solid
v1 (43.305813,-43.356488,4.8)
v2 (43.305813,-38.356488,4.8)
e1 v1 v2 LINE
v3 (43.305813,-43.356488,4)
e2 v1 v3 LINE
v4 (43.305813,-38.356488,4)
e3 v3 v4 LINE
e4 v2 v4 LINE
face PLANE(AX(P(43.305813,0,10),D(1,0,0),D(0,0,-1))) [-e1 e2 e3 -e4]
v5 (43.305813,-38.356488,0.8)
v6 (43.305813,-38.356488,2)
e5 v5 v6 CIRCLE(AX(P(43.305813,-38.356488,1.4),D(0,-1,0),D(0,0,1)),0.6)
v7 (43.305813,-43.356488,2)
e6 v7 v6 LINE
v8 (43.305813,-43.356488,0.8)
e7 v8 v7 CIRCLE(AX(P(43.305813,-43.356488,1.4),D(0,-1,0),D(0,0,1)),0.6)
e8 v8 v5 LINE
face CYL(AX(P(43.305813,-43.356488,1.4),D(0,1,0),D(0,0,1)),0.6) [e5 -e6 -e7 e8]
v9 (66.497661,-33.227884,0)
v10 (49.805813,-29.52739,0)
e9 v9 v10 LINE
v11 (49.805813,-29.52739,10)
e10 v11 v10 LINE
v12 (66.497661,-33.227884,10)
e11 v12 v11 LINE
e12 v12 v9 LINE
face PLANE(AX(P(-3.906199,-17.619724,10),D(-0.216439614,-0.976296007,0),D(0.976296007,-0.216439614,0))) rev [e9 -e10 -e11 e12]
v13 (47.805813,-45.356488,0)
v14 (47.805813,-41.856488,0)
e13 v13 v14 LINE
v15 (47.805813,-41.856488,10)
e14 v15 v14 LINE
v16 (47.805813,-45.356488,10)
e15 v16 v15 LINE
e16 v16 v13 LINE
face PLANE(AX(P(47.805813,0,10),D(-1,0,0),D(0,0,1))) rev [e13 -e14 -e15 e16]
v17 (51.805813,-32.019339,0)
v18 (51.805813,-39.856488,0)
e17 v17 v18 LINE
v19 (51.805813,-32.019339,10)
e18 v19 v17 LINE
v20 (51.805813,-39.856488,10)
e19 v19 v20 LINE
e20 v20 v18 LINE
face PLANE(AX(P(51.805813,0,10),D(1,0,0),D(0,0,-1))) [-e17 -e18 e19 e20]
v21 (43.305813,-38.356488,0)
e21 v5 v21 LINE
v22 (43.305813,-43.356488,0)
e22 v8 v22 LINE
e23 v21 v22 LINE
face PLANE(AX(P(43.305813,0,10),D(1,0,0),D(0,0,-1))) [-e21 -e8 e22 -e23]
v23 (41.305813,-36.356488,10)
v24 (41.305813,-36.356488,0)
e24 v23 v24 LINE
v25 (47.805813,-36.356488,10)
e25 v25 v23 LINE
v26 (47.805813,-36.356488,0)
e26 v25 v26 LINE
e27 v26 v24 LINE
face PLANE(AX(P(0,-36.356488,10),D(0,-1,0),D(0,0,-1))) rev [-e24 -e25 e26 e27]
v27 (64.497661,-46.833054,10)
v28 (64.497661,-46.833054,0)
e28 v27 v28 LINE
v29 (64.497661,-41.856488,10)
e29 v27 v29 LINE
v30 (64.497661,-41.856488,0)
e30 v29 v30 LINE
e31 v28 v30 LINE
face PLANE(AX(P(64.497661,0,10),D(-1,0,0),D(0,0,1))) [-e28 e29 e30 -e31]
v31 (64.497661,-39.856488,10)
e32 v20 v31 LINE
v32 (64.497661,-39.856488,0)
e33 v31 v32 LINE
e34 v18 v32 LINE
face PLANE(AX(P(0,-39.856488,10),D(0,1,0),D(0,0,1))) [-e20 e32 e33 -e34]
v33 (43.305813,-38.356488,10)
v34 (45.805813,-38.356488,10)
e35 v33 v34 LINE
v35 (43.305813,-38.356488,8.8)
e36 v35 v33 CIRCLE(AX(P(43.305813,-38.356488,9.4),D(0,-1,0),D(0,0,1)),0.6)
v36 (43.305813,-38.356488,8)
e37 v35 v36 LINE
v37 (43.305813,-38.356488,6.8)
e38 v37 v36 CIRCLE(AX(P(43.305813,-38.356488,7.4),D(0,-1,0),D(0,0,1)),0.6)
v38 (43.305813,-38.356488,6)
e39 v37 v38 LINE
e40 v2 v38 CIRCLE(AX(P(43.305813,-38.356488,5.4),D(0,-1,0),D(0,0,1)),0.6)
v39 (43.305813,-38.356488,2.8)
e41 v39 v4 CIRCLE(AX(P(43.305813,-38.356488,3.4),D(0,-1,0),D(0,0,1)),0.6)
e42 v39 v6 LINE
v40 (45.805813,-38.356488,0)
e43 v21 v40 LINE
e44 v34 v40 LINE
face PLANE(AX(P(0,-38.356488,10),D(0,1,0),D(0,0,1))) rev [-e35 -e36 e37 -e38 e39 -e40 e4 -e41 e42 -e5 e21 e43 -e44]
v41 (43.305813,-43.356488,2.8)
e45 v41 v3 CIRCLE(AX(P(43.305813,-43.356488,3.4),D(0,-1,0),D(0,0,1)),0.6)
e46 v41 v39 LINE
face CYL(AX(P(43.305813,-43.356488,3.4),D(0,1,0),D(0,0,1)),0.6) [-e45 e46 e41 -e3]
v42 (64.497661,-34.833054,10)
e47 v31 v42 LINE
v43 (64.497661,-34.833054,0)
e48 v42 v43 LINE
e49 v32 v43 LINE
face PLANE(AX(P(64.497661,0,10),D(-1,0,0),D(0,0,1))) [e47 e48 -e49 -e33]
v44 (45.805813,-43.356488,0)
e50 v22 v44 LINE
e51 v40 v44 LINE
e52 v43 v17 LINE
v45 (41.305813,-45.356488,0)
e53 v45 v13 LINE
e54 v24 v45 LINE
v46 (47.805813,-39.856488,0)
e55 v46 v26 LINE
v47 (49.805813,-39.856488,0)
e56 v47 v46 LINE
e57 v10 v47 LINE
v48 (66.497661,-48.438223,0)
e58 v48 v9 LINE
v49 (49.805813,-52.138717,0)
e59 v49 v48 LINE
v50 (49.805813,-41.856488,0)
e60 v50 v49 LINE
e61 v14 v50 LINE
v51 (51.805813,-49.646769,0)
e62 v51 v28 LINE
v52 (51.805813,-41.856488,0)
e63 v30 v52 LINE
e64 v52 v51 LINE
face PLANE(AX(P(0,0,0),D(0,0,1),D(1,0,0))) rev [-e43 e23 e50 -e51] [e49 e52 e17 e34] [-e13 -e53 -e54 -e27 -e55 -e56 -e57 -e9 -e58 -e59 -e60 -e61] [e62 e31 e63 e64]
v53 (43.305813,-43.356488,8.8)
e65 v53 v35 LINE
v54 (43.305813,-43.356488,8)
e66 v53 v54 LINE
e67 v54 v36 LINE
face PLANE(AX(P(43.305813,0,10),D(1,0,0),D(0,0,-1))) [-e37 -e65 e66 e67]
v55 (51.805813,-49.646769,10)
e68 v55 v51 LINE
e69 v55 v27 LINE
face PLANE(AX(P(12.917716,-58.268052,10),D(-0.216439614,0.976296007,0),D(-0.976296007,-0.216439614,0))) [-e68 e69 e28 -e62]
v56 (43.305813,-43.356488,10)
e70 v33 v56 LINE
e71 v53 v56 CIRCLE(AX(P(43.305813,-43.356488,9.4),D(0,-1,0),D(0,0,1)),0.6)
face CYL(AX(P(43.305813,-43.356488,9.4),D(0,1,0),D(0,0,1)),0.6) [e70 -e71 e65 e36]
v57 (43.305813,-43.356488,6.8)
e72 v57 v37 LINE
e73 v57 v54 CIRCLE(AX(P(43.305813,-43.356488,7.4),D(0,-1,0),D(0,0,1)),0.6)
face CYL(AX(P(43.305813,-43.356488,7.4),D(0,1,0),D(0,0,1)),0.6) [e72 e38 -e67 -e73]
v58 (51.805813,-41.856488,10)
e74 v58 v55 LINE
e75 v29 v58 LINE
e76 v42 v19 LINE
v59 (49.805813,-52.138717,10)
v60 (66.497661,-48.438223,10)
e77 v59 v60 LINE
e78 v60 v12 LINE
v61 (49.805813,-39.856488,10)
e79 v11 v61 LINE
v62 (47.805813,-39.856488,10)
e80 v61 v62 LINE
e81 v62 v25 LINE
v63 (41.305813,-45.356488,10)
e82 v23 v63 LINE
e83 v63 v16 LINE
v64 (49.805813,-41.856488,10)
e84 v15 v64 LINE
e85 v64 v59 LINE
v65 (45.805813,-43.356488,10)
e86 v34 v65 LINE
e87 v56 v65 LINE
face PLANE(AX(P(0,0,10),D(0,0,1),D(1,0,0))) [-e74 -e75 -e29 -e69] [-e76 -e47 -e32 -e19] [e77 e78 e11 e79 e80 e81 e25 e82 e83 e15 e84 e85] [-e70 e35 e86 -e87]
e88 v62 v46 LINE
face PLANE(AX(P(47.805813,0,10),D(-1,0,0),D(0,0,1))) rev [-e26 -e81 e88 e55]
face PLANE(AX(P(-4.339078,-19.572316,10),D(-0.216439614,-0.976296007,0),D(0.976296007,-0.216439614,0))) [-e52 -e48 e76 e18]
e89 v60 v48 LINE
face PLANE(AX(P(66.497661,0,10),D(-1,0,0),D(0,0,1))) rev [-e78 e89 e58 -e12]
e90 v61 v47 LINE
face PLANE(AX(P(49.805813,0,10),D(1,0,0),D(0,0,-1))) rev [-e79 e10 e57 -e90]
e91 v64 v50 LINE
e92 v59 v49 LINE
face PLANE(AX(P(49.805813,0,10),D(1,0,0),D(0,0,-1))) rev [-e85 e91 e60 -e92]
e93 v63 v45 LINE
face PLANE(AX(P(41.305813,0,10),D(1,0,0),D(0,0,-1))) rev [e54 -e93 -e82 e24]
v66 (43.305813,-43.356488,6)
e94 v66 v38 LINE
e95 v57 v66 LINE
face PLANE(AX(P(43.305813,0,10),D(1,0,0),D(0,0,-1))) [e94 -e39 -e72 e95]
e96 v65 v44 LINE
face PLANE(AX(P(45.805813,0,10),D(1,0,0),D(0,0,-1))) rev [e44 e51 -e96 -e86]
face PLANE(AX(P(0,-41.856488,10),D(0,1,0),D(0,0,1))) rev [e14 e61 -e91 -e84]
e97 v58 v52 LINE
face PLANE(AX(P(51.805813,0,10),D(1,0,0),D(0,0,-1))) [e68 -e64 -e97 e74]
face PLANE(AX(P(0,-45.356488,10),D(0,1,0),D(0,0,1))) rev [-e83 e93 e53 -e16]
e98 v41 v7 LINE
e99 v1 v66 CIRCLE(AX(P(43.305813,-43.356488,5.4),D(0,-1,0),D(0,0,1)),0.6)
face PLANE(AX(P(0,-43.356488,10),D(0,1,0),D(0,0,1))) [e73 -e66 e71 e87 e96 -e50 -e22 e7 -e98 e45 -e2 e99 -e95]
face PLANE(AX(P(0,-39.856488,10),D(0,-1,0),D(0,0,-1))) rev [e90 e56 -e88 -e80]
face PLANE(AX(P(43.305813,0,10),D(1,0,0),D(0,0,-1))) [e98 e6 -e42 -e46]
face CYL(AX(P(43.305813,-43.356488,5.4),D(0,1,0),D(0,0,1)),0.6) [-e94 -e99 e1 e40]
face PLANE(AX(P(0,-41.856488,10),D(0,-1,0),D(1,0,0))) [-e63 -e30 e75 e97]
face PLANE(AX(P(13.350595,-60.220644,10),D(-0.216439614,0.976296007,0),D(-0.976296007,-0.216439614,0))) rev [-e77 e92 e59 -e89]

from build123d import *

# Parameters (mm, degrees)
SKETCH1_W           = 2.5
SKETCH1_H           = 5
SKETCH1_W_2         = 12.691848092
SKETCH1_H_2         = 2
BOSS_EXTRUDE1_DEPTH = 10
BOSS_EXTRUDE2_DEPTH = 5
LPATTERN1_COUNT     = 5
LPATTERN1_PITCH     = 2


with BuildPart() as part:
    # Sketch1 → Boss-Extrude1 (new body)
    # profile 1 of 3: a face of its own
    with BuildSketch(Plane.XY):
        Polygon((49.805812864, -41.856488388), (49.805812864, -39.856488388), (47.805812864, -39.856488388), (47.805812864, -36.356488388), (41.305812864, -36.356488388), (41.305812864, -45.356488388), (47.805812864, -45.356488388), (47.805812864, -41.856488388), align=None)
        with Locations((44.555812864, -40.856488388)):
            Rectangle(SKETCH1_W, SKETCH1_H, mode=Mode.SUBTRACT)
    # profile 2 of 3: a face of its own
    with BuildSketch(Plane.XY):
        Polygon((66.497660956, -33.227883866), (49.805812864, -29.527390234), (49.805812864, -39.856488388), (49.805812864, -41.856488388), (49.805812864, -52.138716904), (66.497660956, -48.438223273), align=None)
        Polygon((51.805812864, -41.856488388), (51.805812864, -39.856488388), (51.805812864, -32.019338588), (64.497660956, -34.833053569), (64.497660956, -39.856488388), (64.497660956, -41.856488388), (64.497660956, -46.833053569), (51.805812864, -49.64676855), align=None, mode=Mode.SUBTRACT)
    # profile 3 of 3: a face of its own
    with BuildSketch(Plane.XY):
        with Locations((58.15173691, -40.856488388)):
            Rectangle(SKETCH1_W_2, SKETCH1_H_2)
    extrude(amount=BOSS_EXTRUDE1_DEPTH)

    # Sketch2 → Boss-Extrude2 (add)
    with BuildSketch(Plane.XZ.offset(38.356488388)):
        with BuildLine():
            Line((43.305812864, 8.8), (43.305812864, 10))
            ThreePointArc((43.305812864, 10), (43.905812864, 9.4), (43.305812864, 8.8))
        make_face()
    boss_extrude2 = extrude(amount=BOSS_EXTRUDE2_DEPTH)

    # LPattern1: Boss-Extrude2 ×5
    with Locations(*[(0, 0, -i * LPATTERN1_PITCH) for i in range(1, LPATTERN1_COUNT)]):
        add(boss_extrude2)


solid = part.part
